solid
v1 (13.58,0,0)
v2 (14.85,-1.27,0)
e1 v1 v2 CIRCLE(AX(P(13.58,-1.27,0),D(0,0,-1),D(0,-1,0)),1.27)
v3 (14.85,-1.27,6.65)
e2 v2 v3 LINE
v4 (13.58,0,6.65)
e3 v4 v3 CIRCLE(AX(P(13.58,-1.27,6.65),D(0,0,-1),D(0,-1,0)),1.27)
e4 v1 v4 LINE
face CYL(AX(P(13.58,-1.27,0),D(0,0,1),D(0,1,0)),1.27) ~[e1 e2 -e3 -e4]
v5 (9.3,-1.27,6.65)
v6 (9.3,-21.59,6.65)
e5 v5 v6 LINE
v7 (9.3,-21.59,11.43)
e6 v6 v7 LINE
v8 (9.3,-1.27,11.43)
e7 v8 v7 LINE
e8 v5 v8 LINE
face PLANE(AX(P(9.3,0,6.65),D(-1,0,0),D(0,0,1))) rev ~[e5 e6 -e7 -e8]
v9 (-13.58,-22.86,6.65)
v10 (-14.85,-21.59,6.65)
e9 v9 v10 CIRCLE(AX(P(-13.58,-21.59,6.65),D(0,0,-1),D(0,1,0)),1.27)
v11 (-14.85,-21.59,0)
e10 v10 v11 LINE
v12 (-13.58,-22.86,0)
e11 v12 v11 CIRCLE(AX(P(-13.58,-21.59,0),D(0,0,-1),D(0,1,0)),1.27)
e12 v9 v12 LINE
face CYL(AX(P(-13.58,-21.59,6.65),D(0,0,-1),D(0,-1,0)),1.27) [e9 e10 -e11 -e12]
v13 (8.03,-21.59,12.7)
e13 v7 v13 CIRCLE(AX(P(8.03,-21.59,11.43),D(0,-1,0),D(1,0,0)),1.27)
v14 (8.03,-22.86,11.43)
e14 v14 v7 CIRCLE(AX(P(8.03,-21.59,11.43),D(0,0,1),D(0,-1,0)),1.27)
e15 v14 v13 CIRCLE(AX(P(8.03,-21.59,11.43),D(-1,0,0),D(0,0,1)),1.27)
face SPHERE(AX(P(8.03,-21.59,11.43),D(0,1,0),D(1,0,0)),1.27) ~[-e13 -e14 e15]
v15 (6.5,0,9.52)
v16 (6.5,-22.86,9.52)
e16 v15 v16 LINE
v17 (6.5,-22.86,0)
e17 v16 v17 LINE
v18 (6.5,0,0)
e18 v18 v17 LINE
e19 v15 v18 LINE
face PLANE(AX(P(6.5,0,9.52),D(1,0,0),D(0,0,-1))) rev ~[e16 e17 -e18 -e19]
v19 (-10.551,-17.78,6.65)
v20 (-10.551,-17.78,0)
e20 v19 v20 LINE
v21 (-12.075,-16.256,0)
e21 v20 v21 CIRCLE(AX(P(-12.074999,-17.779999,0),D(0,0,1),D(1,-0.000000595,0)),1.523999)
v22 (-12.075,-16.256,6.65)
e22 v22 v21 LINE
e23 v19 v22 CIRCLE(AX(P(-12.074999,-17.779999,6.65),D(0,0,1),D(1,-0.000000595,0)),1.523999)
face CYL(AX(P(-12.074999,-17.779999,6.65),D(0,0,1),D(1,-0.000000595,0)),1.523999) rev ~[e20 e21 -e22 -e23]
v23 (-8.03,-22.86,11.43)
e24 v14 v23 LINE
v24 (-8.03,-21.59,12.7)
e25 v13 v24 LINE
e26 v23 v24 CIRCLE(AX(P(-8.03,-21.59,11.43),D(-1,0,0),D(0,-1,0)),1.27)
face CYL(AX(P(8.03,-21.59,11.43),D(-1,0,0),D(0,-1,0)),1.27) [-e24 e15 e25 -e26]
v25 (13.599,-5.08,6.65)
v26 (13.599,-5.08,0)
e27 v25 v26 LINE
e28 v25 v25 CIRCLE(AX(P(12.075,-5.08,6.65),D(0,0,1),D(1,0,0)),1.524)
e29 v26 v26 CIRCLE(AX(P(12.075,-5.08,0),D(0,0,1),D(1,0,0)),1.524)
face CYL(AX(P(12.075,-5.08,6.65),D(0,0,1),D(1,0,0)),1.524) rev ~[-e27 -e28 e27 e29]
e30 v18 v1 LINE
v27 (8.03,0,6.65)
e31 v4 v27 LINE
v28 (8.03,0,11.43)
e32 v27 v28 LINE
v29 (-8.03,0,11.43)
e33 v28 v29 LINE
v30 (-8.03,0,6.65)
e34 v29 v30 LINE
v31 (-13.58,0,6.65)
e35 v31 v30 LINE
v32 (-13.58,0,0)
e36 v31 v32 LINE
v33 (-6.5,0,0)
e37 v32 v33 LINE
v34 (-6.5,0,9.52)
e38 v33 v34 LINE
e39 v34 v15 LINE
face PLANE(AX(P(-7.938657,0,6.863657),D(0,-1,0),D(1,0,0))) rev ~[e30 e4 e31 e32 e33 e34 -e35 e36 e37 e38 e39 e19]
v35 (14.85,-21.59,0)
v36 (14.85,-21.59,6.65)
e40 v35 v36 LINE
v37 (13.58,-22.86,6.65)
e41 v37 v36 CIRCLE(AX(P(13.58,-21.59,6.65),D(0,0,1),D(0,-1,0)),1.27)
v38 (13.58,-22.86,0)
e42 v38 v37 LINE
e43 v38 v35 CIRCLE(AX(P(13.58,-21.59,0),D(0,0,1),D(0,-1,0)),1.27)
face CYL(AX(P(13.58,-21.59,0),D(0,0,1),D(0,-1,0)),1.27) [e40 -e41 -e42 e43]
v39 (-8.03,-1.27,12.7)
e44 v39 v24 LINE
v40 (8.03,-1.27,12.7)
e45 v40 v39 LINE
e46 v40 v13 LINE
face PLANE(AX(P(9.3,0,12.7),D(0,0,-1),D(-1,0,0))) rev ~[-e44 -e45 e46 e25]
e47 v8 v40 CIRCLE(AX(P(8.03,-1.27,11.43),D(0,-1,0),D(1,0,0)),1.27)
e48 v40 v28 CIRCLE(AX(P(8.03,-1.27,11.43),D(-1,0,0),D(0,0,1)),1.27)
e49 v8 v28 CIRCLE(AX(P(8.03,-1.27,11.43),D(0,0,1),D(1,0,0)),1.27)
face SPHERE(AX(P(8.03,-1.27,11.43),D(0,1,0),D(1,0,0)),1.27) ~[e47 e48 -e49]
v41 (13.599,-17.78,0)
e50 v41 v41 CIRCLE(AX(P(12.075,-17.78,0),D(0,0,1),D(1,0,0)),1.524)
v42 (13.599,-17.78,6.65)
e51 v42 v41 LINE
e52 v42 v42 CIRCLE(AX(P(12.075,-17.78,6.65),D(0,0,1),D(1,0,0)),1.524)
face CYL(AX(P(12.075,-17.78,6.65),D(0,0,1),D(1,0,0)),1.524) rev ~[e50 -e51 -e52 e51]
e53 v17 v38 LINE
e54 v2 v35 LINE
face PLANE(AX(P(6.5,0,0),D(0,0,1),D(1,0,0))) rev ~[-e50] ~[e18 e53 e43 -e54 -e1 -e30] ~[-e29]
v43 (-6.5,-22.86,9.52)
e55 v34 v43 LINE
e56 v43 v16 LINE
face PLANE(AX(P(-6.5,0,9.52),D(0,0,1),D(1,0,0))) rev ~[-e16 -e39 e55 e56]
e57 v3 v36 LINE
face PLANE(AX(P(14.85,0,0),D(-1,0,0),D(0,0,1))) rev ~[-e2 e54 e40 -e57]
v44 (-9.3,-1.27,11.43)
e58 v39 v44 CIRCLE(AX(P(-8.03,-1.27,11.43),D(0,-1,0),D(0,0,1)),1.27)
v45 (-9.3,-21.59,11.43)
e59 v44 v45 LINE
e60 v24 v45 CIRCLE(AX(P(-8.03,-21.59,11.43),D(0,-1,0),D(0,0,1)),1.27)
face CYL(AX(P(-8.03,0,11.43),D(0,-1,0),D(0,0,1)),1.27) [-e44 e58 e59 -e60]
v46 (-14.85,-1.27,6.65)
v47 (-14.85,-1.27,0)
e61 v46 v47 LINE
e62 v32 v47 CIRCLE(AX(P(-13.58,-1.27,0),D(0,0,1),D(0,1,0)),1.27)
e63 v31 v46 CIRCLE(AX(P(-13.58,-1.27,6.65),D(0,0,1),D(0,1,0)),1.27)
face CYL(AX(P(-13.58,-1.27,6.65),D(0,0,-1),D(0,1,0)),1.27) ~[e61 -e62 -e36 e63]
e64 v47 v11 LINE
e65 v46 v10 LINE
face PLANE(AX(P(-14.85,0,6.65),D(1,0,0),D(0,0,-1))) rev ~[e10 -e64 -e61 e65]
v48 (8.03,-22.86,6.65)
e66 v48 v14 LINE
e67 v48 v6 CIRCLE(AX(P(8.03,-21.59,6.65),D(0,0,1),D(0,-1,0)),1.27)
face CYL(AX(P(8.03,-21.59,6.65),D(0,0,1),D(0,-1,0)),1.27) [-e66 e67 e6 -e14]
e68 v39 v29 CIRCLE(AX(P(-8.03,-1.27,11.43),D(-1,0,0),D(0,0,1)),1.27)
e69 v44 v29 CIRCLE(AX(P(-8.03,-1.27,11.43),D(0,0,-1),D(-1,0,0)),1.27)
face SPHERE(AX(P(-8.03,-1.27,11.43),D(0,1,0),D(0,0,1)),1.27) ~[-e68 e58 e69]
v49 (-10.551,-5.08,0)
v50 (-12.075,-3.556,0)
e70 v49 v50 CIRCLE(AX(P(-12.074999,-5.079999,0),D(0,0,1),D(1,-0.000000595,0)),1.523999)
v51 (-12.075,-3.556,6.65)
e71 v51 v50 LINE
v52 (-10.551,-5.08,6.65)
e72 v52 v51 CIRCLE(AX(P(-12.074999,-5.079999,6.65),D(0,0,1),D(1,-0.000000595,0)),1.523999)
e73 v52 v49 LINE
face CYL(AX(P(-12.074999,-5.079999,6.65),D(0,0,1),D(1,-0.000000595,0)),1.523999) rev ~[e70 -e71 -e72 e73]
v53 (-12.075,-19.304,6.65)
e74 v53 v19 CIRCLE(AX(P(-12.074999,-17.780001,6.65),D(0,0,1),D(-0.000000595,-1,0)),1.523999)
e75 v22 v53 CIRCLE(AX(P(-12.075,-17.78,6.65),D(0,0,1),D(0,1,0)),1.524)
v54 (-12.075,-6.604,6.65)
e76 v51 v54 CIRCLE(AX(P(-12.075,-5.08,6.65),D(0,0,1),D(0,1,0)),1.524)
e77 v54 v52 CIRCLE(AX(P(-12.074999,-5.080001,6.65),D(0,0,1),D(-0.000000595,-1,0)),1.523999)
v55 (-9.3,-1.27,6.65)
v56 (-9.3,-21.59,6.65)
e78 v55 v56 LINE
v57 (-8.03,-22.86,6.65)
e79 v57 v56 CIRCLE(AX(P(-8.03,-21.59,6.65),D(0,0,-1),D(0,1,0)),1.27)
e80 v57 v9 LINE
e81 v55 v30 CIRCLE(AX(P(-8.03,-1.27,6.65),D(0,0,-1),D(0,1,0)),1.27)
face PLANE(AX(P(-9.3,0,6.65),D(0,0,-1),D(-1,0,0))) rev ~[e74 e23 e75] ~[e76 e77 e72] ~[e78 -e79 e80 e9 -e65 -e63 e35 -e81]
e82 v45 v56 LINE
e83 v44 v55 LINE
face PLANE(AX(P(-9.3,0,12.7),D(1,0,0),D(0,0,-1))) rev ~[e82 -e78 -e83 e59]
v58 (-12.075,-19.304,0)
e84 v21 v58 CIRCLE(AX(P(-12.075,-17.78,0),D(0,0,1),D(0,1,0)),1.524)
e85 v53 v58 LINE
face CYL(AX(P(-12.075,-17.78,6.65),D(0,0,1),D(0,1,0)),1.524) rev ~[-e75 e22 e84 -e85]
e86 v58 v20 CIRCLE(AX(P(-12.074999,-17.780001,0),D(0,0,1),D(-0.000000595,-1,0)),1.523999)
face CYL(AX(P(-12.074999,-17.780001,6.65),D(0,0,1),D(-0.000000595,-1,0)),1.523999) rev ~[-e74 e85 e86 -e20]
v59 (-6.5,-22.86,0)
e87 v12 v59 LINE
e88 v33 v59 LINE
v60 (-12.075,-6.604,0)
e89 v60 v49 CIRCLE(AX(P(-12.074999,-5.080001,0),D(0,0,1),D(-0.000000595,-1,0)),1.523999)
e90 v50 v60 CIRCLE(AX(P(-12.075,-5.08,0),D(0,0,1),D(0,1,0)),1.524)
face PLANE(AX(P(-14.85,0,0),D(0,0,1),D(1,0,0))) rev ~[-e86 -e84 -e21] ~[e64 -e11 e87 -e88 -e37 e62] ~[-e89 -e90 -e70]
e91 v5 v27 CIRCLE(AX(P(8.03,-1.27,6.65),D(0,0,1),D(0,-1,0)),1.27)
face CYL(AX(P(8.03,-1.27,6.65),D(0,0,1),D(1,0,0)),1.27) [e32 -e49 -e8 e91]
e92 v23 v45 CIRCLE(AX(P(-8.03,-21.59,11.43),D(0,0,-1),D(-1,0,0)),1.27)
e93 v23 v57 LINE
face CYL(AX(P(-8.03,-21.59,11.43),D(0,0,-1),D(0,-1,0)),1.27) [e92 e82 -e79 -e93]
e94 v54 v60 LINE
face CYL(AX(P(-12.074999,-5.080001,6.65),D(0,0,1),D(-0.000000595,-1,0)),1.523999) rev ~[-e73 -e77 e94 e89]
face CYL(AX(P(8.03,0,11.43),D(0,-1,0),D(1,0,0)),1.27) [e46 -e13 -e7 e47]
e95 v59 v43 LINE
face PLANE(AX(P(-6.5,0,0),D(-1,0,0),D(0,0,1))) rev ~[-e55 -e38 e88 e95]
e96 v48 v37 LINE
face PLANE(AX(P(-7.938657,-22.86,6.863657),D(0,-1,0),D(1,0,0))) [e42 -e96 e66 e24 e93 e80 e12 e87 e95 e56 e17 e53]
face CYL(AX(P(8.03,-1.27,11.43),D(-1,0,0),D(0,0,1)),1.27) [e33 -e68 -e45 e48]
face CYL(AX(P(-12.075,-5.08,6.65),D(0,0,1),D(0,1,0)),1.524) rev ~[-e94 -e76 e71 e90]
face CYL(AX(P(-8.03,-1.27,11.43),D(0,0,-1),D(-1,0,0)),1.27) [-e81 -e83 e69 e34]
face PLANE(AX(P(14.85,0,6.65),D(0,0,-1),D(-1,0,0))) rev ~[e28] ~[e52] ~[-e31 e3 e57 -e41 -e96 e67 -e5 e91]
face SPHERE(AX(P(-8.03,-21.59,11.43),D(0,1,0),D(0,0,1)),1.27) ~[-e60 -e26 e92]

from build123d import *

# Parameters (mm, degrees)
F1_DEPTH = 22.86
F2_R     = 1.27
F3_R     = 1.524
F4_DEPTH = 6.65
F5_R     = 1.27


with BuildPart() as f1:
    # F0 (on Front) → F1 (new body)
    with BuildSketch(Plane.XZ):
        Polygon((-14.85, 6.65), (-14.85, 0), (-6.5, 0), (-6.5, 9.52), (0, 9.52), (0, 12.7), (-9.3, 12.7), (-9.3, 6.65), align=None)
        Polygon((0, 12.7), (0, 9.52), (6.5, 9.52), (6.5, 0), (14.85, 0), (14.85, 6.65), (9.3, 6.65), (9.3, 12.7), align=None)
    extrude(amount=F1_DEPTH)

    # F2
    f2_edges = [f1.edges().sort_by_distance(p)[0] for p in [
        (9.3, -11.43, 12.7),
        (-9.3, -11.43, 12.7),
    ]]
    fillet(f2_edges, radius=F2_R)

    # F3 (on face) → F4 (cut, through all)
    with BuildSketch(Plane.XY.offset(6.65)):
        with BuildLine():
            ThreePointArc((-10.551, -5.08), (-10.997369, -4.002369), (-12.075, -3.556))
            Line((-12.075, -3.556), (-12.075, -5.08))
            Line((-12.075, -5.08), (-12.075, -6.604))
            ThreePointArc((-12.075, -6.604), (-10.997369, -6.157631), (-10.551, -5.08))
        make_face()
        with BuildLine():
            ThreePointArc((-10.551, -17.78), (-10.997369, -16.702369), (-12.075, -16.256))
            Line((-12.075, -16.256), (-12.075, -17.78))
            Line((-12.075, -17.78), (-12.075, -19.304))
            ThreePointArc((-12.075, -19.304), (-10.997369, -18.857631), (-10.551, -17.78))
        make_face()
        with BuildLine():
            Line((-12.075, -17.78), (-12.075, -16.256))
            ThreePointArc((-12.075, -16.256), (-13.599, -17.78), (-12.075, -19.304))
            Line((-12.075, -19.304), (-12.075, -17.78))
        make_face()
        with BuildLine():
            Line((-12.075, -5.08), (-12.075, -3.556))
            ThreePointArc((-12.075, -3.556), (-13.599, -5.08), (-12.075, -6.604))
            Line((-12.075, -6.604), (-12.075, -5.08))
        make_face()
        with Locations((12.075, -5.08)):
            Circle(F3_R)
        with Locations((12.075, -17.78)):
            Circle(F3_R)
    extrude(amount=-F4_DEPTH, mode=Mode.SUBTRACT)

    # F5
    f5_edges = [f1.edges().sort_by_distance(p)[0] for p in [
        (14.85, 0, 3.325),
        (9.3, 0, 9.04),
        (-14.85, 0, 3.325),
        (-9.3, -22.86, 9.04),
        (-14.85, -22.86, 3.325),
        (14.85, -22.86, 3.325),
    ]]
    fillet(f5_edges, radius=F5_R)


solid = f1.part
